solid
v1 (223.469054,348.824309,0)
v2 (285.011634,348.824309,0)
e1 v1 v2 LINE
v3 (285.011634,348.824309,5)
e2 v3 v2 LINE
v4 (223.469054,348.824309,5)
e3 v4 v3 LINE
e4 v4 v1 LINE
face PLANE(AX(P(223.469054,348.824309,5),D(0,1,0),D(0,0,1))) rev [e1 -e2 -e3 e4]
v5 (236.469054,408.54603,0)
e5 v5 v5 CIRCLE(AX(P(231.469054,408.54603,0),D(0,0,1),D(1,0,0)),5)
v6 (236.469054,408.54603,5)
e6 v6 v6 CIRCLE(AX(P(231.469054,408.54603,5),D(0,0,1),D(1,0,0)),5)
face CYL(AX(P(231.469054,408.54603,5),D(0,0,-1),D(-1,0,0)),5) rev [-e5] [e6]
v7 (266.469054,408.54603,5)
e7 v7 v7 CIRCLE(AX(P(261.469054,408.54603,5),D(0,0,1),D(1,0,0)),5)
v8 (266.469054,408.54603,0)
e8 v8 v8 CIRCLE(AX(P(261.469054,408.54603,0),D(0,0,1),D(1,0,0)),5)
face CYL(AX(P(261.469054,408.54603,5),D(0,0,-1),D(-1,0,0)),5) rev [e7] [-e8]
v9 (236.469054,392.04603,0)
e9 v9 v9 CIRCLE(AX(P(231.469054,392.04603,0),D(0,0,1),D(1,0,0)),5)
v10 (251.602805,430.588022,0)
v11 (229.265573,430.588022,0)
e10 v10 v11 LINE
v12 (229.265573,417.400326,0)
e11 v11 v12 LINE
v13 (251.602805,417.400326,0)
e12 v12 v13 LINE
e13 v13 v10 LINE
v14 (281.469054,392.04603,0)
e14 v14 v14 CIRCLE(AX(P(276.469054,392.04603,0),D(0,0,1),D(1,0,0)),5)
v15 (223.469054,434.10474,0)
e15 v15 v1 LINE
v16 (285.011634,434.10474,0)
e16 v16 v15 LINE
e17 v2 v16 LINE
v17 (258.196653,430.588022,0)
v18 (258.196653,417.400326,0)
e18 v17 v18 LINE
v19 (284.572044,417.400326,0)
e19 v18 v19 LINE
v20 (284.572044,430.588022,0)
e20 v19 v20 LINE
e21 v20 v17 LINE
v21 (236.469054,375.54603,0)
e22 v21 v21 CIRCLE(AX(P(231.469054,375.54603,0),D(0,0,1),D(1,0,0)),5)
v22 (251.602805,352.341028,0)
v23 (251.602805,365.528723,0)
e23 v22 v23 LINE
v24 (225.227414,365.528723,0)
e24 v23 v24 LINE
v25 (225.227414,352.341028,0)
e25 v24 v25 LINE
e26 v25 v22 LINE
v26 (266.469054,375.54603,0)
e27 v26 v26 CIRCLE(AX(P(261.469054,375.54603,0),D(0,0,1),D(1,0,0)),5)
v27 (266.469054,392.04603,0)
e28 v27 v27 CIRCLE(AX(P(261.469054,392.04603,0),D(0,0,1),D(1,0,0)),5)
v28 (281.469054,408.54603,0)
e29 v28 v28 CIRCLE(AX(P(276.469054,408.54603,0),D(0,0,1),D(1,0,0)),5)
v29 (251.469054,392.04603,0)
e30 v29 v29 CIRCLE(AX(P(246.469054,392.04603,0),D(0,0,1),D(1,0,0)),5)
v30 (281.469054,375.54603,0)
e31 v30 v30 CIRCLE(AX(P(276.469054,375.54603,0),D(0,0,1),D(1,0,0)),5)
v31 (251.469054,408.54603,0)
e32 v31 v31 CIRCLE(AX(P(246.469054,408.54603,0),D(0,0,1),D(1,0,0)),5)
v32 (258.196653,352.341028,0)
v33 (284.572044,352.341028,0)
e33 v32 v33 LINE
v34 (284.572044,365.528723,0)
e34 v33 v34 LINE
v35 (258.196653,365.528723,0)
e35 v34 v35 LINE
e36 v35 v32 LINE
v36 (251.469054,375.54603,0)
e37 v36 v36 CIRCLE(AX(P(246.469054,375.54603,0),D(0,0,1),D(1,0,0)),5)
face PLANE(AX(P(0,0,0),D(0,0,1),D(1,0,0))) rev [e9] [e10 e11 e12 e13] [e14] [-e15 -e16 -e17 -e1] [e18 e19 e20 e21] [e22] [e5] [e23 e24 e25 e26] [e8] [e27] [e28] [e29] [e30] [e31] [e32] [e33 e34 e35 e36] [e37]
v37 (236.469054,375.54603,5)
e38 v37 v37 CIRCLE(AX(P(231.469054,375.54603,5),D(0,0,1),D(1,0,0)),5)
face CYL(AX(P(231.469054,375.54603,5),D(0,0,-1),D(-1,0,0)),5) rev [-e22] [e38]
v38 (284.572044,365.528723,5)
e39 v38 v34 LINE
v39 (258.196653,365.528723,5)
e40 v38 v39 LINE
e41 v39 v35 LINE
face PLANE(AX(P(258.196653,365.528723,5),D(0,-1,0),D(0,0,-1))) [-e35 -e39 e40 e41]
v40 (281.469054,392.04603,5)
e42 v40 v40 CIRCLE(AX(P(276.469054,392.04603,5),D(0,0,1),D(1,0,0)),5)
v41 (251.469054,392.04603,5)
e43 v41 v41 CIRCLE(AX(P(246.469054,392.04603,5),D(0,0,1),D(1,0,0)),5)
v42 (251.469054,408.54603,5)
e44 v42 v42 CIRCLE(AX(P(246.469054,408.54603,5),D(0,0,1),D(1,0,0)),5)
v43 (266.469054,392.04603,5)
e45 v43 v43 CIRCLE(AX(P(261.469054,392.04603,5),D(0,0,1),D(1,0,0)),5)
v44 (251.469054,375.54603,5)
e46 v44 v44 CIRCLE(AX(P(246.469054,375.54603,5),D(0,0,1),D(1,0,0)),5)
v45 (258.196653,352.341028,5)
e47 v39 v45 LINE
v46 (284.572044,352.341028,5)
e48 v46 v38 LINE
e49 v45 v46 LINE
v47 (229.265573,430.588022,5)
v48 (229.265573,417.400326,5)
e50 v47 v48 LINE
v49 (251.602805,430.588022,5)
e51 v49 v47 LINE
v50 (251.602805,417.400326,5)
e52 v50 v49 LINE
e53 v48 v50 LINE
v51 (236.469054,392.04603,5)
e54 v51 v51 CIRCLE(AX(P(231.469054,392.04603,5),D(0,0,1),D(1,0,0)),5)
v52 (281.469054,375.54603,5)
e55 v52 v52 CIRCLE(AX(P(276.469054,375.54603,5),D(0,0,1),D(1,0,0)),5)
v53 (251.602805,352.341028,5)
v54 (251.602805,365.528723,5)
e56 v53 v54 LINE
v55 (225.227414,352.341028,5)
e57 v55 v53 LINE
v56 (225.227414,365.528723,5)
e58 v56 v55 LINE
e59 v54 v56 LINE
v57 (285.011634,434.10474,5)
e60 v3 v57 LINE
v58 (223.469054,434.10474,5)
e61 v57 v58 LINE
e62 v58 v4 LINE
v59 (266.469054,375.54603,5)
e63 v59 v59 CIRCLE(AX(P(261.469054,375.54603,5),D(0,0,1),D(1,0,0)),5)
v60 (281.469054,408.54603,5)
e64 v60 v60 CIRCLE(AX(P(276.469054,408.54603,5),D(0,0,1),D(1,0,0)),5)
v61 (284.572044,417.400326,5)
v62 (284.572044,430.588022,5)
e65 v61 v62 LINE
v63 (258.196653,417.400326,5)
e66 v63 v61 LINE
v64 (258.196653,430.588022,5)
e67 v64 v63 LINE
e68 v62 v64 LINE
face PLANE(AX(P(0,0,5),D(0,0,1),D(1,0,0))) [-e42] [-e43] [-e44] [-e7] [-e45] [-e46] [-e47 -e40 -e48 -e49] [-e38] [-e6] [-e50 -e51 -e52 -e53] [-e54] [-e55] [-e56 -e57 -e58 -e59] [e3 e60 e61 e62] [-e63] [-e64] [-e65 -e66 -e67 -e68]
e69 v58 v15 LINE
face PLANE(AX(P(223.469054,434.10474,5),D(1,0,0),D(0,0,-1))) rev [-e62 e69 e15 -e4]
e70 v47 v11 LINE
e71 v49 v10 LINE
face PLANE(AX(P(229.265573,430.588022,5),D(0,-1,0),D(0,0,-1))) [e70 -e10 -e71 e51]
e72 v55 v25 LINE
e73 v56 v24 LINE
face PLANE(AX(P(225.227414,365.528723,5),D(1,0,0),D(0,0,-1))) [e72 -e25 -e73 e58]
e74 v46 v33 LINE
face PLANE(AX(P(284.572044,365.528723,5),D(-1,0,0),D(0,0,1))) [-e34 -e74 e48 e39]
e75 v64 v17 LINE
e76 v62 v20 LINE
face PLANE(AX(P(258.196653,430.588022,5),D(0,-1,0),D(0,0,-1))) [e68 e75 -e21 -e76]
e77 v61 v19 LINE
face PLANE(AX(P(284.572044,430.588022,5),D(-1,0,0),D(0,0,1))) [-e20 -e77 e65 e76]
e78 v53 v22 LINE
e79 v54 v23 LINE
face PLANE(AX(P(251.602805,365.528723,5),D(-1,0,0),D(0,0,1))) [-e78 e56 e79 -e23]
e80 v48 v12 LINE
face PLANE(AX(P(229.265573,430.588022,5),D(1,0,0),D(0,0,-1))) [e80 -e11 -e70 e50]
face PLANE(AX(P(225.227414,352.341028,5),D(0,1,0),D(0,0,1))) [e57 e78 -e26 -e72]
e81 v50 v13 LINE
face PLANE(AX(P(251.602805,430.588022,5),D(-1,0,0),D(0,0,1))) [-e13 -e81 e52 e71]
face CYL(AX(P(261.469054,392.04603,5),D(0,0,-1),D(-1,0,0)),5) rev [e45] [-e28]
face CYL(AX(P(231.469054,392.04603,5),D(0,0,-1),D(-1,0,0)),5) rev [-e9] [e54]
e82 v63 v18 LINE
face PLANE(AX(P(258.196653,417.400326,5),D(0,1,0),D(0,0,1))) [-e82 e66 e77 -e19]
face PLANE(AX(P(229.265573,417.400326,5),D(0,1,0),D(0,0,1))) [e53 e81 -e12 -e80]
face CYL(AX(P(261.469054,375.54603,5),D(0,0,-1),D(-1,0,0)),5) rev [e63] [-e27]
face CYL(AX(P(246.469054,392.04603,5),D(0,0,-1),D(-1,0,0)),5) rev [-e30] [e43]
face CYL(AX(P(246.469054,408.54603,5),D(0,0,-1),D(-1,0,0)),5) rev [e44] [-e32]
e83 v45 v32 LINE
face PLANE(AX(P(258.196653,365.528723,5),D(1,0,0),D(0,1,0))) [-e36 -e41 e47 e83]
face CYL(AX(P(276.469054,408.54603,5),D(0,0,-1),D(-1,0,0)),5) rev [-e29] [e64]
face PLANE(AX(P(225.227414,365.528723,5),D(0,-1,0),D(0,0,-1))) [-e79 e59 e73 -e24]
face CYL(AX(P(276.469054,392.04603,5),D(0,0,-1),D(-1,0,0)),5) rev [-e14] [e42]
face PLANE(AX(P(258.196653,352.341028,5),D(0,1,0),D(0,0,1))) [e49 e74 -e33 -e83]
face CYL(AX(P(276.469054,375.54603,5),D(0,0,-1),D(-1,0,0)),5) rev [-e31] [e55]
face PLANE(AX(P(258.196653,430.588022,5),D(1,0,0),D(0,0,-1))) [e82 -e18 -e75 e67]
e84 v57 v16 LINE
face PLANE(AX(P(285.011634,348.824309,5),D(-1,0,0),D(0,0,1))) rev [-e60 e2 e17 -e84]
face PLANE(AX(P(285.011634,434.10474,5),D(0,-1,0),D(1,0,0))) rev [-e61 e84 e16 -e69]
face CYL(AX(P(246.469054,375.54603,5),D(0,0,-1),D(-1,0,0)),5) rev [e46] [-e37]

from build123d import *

# Parameters (mm, degrees)
SKETCH1_W           = 61.542579433
SKETCH1_H           = 85.2804315
SKETCH1_R           = 5
SKETCH1_W_2         = 22.337231555
SKETCH1_H_2         = 13.187695593
SKETCH1_W_3         = 26.375391186
BOSS_EXTRUDE1_DEPTH = 5


with BuildPart() as part:
    # Sketch1 → Boss-Extrude1 (new body)
    with BuildSketch(Plane.XY):
        with Locations((254.240343952, 391.464524612)):
            Rectangle(SKETCH1_W, SKETCH1_H)
        with Locations((231.469054236, 408.546029818)):
            Circle(SKETCH1_R, mode=Mode.SUBTRACT)
        with Locations((246.469054236, 408.546029818)):
            Circle(SKETCH1_R, mode=Mode.SUBTRACT)
        with Locations((261.469054236, 408.546029818)):
            Circle(SKETCH1_R, mode=Mode.SUBTRACT)
        with Locations((276.469054236, 408.546029818)):
            Circle(SKETCH1_R, mode=Mode.SUBTRACT)
        with Locations((231.469054236, 392.046029818)):
            Circle(SKETCH1_R, mode=Mode.SUBTRACT)
        with Locations((246.469054236, 392.046029818)):
            Circle(SKETCH1_R, mode=Mode.SUBTRACT)
        with Locations((261.469054236, 392.046029818)):
            Circle(SKETCH1_R, mode=Mode.SUBTRACT)
        with Locations((276.469054236, 392.046029818)):
            Circle(SKETCH1_R, mode=Mode.SUBTRACT)
        with Locations((231.469054236, 375.546029818)):
            Circle(SKETCH1_R, mode=Mode.SUBTRACT)
        with Locations((246.469054236, 375.546029818)):
            Circle(SKETCH1_R, mode=Mode.SUBTRACT)
        with Locations((261.469054236, 375.546029818)):
            Circle(SKETCH1_R, mode=Mode.SUBTRACT)
        with Locations((276.469054236, 375.546029818)):
            Circle(SKETCH1_R, mode=Mode.SUBTRACT)
        with Locations((240.434189057, 423.994173741)):
            Rectangle(SKETCH1_W_2, SKETCH1_H_2, mode=Mode.SUBTRACT)
        with Locations((271.384348223, 423.994173741)):
            Rectangle(SKETCH1_W_3, SKETCH1_H_2, mode=Mode.SUBTRACT)
        with Locations((238.415109241, 358.934875483)):
            Rectangle(SKETCH1_W_3, SKETCH1_H_2, mode=Mode.SUBTRACT)
        with Locations((271.384348223, 358.934875483)):
            Rectangle(SKETCH1_W_3, SKETCH1_H_2, mode=Mode.SUBTRACT)
    extrude(amount=BOSS_EXTRUDE1_DEPTH)


solid = part.part
